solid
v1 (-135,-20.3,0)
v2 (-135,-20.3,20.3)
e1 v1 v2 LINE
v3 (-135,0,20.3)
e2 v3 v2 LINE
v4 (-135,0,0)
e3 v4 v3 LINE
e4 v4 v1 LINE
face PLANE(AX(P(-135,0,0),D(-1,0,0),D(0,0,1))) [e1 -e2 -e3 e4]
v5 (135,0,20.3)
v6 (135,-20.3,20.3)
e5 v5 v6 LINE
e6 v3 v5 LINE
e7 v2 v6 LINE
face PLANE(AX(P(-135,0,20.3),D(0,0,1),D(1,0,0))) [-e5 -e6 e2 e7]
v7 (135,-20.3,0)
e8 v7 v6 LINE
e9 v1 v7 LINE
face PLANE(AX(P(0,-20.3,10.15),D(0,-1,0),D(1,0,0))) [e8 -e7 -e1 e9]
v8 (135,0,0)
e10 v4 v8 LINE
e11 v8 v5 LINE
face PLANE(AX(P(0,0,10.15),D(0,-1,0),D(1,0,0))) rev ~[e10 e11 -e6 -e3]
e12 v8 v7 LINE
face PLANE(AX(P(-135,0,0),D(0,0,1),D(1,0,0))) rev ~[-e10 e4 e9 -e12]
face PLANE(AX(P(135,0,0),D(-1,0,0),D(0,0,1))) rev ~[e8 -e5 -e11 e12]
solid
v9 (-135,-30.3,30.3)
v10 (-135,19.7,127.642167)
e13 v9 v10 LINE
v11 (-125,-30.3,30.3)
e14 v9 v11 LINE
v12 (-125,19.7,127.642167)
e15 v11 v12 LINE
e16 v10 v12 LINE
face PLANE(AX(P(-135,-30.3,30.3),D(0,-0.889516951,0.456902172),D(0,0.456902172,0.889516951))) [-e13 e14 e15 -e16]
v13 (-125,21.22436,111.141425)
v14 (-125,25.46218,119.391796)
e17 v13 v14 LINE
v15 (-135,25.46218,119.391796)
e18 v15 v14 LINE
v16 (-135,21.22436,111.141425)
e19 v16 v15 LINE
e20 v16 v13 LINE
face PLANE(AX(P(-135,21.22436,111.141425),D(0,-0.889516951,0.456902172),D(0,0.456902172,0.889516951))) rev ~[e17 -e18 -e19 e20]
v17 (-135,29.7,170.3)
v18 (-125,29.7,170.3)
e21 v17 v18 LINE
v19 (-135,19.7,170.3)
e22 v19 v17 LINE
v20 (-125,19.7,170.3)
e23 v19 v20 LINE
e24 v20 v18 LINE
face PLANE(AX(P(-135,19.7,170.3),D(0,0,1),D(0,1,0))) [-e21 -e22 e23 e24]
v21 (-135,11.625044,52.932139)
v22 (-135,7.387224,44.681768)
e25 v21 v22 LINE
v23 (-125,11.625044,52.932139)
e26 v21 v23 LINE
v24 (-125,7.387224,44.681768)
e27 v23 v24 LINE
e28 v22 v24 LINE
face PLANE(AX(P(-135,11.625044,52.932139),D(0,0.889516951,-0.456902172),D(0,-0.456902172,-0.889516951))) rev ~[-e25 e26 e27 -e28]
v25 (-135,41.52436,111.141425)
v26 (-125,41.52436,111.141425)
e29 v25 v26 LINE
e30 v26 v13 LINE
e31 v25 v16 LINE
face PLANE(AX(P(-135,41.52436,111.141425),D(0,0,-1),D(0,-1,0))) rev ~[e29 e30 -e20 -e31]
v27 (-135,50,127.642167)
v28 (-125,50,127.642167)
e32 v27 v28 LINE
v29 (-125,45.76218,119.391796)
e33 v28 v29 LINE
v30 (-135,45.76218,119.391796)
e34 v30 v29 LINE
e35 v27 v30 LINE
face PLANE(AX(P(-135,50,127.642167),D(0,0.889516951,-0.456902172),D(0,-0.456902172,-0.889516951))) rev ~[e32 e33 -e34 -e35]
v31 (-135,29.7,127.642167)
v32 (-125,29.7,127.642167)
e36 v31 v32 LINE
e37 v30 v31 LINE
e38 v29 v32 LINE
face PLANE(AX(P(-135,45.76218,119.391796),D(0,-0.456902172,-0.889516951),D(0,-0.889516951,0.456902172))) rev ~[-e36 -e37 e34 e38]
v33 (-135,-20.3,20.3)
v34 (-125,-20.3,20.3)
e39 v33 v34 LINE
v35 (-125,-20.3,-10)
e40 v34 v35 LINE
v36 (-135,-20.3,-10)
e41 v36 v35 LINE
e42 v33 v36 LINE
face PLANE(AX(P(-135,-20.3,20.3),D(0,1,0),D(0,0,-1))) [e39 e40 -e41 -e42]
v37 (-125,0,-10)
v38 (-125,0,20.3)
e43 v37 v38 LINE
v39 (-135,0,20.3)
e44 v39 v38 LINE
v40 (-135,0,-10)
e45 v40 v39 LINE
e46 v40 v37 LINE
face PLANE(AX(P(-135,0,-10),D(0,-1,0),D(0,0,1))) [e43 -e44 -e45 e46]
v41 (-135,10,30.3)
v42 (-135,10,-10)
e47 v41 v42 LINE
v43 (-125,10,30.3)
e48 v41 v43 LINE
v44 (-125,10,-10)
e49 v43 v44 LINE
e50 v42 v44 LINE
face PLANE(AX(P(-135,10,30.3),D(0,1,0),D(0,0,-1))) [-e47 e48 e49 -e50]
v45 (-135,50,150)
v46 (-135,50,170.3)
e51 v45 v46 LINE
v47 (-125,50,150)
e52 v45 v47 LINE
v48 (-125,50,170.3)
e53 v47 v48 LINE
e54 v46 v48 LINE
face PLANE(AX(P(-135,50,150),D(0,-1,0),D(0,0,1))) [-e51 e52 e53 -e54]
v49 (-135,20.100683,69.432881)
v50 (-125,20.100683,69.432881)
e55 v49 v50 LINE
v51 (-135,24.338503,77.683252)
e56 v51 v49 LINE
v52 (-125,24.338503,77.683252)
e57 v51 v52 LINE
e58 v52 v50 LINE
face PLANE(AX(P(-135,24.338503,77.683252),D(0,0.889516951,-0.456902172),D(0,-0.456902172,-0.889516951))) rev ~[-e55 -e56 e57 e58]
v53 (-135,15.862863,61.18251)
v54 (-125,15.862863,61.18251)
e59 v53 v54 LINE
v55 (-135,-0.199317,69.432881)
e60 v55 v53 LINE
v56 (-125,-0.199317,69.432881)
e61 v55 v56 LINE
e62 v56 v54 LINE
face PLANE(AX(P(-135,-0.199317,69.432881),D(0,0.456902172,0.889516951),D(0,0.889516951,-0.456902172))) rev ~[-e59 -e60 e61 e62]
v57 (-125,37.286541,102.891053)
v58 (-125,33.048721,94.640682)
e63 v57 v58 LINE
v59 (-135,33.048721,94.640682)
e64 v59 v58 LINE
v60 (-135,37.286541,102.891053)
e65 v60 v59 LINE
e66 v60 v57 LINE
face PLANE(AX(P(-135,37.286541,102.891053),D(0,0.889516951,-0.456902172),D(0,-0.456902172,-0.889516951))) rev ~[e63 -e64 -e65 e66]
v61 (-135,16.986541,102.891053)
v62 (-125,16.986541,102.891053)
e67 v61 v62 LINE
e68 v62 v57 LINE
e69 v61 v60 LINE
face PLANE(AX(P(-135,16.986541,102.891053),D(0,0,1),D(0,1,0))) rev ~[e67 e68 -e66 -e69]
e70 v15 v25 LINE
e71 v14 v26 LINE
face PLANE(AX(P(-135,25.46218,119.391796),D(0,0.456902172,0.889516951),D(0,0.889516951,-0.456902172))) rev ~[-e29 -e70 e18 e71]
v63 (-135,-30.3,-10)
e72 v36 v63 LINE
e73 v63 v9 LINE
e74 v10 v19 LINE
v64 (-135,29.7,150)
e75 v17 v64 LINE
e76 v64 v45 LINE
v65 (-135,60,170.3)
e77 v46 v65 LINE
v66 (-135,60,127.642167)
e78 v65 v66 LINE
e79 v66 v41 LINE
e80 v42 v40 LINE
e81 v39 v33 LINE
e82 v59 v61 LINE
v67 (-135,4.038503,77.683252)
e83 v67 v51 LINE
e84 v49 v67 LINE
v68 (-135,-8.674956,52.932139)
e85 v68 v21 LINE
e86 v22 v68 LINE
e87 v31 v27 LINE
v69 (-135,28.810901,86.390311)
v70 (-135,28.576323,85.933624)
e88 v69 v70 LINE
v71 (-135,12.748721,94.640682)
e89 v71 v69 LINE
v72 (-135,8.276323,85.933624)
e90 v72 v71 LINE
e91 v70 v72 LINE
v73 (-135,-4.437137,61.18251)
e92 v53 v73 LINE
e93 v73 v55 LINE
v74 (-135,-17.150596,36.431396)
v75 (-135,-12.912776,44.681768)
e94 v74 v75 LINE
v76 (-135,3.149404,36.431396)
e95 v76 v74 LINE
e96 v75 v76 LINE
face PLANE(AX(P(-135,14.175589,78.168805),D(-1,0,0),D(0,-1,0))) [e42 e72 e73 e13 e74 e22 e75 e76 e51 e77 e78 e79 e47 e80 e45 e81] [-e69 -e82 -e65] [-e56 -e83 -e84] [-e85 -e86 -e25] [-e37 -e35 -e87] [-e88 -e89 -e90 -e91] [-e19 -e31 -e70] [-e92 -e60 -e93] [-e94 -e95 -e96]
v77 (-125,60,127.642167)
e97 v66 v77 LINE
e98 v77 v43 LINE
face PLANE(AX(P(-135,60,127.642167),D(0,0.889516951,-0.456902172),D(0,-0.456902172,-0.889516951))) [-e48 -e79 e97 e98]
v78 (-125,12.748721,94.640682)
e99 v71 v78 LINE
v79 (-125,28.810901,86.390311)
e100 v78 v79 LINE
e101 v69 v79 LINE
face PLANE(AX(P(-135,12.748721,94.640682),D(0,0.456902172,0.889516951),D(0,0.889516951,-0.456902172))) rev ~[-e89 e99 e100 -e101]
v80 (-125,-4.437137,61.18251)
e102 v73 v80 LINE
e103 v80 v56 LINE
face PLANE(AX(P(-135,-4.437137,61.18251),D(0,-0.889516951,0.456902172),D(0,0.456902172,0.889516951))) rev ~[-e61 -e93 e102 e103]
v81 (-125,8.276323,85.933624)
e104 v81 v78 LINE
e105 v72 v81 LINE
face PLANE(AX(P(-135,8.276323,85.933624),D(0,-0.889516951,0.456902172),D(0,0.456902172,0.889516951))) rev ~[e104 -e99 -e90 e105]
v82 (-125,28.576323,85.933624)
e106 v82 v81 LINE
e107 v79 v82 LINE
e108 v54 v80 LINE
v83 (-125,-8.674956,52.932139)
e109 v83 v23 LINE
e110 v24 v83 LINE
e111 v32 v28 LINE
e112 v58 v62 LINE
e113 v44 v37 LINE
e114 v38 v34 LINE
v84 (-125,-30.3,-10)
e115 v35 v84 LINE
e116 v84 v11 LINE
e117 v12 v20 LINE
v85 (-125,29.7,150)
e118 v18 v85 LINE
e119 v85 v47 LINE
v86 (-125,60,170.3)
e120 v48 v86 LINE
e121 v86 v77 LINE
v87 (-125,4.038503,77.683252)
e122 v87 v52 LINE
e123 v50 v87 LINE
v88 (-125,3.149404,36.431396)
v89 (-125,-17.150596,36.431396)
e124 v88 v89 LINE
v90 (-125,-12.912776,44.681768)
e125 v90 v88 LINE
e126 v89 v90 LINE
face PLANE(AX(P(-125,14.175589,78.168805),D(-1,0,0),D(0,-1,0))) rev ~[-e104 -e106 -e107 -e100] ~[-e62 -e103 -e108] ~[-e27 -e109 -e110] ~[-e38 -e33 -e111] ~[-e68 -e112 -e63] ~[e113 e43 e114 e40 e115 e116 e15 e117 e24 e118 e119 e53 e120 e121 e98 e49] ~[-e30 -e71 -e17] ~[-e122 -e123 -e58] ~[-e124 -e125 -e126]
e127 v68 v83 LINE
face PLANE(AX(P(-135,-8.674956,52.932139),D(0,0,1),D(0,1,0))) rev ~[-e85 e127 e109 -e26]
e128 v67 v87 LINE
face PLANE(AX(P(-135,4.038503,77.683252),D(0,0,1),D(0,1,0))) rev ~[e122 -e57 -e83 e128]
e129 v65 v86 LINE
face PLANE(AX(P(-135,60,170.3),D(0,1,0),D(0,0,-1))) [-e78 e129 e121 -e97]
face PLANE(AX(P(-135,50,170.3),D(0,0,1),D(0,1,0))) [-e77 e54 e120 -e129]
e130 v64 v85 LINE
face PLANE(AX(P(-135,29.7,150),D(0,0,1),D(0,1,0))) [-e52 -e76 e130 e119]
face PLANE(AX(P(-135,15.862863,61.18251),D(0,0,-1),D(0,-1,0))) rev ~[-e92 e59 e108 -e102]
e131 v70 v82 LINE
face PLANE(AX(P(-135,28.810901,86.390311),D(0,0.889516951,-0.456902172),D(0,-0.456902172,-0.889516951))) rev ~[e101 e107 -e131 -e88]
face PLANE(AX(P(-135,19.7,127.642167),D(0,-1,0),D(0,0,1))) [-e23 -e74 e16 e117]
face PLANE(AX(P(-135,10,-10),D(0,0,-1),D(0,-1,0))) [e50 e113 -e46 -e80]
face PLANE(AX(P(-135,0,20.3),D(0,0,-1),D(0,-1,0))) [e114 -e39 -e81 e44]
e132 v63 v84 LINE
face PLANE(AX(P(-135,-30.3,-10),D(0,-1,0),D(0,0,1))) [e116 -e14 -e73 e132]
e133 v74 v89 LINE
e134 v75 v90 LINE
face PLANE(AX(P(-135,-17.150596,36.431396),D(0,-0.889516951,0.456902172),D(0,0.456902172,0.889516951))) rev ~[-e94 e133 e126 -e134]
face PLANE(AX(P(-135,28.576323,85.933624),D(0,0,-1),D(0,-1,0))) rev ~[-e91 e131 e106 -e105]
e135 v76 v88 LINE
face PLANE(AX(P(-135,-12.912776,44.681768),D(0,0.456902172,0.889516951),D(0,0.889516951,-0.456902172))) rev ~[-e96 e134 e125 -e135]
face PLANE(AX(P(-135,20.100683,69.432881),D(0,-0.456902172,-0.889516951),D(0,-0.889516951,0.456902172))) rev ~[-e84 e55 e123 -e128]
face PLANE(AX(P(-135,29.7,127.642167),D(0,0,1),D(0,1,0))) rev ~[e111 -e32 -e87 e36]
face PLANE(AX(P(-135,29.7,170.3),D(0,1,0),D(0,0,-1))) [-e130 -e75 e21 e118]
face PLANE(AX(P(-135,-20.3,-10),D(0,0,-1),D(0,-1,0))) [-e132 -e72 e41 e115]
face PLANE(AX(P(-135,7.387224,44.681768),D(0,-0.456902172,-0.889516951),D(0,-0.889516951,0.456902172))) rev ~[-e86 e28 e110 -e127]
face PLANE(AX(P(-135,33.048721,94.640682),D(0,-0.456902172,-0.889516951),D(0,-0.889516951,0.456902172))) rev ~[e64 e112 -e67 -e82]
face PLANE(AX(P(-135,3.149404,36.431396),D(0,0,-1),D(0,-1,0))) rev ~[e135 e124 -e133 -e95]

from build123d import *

# Parameters (mm, degrees)
F0_W     = 270
F0_H     = 20.3
F1_DEPTH = 20.3
F3_DEPTH = 10
F5_DEPTH = 25


with BuildPart() as f1:
    # F0 (on Front) → F1 (new body)
    with BuildSketch(Plane.XZ):
        with Locations((0, 10.15)):
            Rectangle(F0_W, F0_H)
    extrude(amount=F1_DEPTH)


with BuildPart() as f3:
    # F2 (on face) → F3 (new body)
    with BuildSketch(Plane(origin=(-135, 0, 0), x_dir=(0, -1, 0), z_dir=(-1, 0, 0))):
        Polygon((-10, -10), (0, -10), (0, 0), (0, 20.3), (20.3, 20.3), (20.3, 0), (20.3, -10), (30.3, -10), (30.3, 30.3), (-19.7, 127.6421670096), (-19.7, 170.3), (-29.7, 170.3), (-29.7, 150), (-50, 150), (-50, 170.3), (-60, 170.3), (-60, 127.6421670096), (-10, 30.3), align=None)
    extrude(amount=-F3_DEPTH)

    # F4 (on face) → F5 (cut)
    with BuildSketch(Plane(origin=(-135, 0, 0), x_dir=(0, -1, 0), z_dir=(-1, 0, 0))):
        Polygon((-45.7621802274, 119.3917958083), (-29.7, 127.6421670096), (-50, 127.6421670096), align=None)
        Polygon((-21.2243604547, 111.141424607), (-25.4621802274, 119.3917958083), (-41.5243604547, 111.141424607), align=None)
        Polygon((-33.0487209094, 94.6406822044), (-16.9865406821, 102.8910534057), (-37.2865406821, 102.8910534057), align=None)
        Polygon((-8.2763227241, 85.9336235825), (-12.7487209094, 94.6406822044), (-28.8109011368, 86.3903110031), (-28.5763227241, 85.9336235825), align=None)
        Polygon((-20.1006831788, 69.4328811799), (-4.0385029514, 77.6832523812), (-24.3385029514, 77.6832523812), align=None)
        Polygon((4.4371365938, 61.1825099786), (0.1993168212, 69.4328811799), (-15.8628634062, 61.1825099786), align=None)
        Polygon((-7.3872238609, 44.681767576), (8.6749563665, 52.9321387773), (-11.6250436335, 52.9321387773), align=None)
        Polygon((17.1505959118, 36.4313963747), (12.9127761391, 44.681767576), (-3.1494040882, 36.4313963747), align=None)
    extrude(amount=-F5_DEPTH, mode=Mode.SUBTRACT)


solid = Compound([f1.part, f3.part])
